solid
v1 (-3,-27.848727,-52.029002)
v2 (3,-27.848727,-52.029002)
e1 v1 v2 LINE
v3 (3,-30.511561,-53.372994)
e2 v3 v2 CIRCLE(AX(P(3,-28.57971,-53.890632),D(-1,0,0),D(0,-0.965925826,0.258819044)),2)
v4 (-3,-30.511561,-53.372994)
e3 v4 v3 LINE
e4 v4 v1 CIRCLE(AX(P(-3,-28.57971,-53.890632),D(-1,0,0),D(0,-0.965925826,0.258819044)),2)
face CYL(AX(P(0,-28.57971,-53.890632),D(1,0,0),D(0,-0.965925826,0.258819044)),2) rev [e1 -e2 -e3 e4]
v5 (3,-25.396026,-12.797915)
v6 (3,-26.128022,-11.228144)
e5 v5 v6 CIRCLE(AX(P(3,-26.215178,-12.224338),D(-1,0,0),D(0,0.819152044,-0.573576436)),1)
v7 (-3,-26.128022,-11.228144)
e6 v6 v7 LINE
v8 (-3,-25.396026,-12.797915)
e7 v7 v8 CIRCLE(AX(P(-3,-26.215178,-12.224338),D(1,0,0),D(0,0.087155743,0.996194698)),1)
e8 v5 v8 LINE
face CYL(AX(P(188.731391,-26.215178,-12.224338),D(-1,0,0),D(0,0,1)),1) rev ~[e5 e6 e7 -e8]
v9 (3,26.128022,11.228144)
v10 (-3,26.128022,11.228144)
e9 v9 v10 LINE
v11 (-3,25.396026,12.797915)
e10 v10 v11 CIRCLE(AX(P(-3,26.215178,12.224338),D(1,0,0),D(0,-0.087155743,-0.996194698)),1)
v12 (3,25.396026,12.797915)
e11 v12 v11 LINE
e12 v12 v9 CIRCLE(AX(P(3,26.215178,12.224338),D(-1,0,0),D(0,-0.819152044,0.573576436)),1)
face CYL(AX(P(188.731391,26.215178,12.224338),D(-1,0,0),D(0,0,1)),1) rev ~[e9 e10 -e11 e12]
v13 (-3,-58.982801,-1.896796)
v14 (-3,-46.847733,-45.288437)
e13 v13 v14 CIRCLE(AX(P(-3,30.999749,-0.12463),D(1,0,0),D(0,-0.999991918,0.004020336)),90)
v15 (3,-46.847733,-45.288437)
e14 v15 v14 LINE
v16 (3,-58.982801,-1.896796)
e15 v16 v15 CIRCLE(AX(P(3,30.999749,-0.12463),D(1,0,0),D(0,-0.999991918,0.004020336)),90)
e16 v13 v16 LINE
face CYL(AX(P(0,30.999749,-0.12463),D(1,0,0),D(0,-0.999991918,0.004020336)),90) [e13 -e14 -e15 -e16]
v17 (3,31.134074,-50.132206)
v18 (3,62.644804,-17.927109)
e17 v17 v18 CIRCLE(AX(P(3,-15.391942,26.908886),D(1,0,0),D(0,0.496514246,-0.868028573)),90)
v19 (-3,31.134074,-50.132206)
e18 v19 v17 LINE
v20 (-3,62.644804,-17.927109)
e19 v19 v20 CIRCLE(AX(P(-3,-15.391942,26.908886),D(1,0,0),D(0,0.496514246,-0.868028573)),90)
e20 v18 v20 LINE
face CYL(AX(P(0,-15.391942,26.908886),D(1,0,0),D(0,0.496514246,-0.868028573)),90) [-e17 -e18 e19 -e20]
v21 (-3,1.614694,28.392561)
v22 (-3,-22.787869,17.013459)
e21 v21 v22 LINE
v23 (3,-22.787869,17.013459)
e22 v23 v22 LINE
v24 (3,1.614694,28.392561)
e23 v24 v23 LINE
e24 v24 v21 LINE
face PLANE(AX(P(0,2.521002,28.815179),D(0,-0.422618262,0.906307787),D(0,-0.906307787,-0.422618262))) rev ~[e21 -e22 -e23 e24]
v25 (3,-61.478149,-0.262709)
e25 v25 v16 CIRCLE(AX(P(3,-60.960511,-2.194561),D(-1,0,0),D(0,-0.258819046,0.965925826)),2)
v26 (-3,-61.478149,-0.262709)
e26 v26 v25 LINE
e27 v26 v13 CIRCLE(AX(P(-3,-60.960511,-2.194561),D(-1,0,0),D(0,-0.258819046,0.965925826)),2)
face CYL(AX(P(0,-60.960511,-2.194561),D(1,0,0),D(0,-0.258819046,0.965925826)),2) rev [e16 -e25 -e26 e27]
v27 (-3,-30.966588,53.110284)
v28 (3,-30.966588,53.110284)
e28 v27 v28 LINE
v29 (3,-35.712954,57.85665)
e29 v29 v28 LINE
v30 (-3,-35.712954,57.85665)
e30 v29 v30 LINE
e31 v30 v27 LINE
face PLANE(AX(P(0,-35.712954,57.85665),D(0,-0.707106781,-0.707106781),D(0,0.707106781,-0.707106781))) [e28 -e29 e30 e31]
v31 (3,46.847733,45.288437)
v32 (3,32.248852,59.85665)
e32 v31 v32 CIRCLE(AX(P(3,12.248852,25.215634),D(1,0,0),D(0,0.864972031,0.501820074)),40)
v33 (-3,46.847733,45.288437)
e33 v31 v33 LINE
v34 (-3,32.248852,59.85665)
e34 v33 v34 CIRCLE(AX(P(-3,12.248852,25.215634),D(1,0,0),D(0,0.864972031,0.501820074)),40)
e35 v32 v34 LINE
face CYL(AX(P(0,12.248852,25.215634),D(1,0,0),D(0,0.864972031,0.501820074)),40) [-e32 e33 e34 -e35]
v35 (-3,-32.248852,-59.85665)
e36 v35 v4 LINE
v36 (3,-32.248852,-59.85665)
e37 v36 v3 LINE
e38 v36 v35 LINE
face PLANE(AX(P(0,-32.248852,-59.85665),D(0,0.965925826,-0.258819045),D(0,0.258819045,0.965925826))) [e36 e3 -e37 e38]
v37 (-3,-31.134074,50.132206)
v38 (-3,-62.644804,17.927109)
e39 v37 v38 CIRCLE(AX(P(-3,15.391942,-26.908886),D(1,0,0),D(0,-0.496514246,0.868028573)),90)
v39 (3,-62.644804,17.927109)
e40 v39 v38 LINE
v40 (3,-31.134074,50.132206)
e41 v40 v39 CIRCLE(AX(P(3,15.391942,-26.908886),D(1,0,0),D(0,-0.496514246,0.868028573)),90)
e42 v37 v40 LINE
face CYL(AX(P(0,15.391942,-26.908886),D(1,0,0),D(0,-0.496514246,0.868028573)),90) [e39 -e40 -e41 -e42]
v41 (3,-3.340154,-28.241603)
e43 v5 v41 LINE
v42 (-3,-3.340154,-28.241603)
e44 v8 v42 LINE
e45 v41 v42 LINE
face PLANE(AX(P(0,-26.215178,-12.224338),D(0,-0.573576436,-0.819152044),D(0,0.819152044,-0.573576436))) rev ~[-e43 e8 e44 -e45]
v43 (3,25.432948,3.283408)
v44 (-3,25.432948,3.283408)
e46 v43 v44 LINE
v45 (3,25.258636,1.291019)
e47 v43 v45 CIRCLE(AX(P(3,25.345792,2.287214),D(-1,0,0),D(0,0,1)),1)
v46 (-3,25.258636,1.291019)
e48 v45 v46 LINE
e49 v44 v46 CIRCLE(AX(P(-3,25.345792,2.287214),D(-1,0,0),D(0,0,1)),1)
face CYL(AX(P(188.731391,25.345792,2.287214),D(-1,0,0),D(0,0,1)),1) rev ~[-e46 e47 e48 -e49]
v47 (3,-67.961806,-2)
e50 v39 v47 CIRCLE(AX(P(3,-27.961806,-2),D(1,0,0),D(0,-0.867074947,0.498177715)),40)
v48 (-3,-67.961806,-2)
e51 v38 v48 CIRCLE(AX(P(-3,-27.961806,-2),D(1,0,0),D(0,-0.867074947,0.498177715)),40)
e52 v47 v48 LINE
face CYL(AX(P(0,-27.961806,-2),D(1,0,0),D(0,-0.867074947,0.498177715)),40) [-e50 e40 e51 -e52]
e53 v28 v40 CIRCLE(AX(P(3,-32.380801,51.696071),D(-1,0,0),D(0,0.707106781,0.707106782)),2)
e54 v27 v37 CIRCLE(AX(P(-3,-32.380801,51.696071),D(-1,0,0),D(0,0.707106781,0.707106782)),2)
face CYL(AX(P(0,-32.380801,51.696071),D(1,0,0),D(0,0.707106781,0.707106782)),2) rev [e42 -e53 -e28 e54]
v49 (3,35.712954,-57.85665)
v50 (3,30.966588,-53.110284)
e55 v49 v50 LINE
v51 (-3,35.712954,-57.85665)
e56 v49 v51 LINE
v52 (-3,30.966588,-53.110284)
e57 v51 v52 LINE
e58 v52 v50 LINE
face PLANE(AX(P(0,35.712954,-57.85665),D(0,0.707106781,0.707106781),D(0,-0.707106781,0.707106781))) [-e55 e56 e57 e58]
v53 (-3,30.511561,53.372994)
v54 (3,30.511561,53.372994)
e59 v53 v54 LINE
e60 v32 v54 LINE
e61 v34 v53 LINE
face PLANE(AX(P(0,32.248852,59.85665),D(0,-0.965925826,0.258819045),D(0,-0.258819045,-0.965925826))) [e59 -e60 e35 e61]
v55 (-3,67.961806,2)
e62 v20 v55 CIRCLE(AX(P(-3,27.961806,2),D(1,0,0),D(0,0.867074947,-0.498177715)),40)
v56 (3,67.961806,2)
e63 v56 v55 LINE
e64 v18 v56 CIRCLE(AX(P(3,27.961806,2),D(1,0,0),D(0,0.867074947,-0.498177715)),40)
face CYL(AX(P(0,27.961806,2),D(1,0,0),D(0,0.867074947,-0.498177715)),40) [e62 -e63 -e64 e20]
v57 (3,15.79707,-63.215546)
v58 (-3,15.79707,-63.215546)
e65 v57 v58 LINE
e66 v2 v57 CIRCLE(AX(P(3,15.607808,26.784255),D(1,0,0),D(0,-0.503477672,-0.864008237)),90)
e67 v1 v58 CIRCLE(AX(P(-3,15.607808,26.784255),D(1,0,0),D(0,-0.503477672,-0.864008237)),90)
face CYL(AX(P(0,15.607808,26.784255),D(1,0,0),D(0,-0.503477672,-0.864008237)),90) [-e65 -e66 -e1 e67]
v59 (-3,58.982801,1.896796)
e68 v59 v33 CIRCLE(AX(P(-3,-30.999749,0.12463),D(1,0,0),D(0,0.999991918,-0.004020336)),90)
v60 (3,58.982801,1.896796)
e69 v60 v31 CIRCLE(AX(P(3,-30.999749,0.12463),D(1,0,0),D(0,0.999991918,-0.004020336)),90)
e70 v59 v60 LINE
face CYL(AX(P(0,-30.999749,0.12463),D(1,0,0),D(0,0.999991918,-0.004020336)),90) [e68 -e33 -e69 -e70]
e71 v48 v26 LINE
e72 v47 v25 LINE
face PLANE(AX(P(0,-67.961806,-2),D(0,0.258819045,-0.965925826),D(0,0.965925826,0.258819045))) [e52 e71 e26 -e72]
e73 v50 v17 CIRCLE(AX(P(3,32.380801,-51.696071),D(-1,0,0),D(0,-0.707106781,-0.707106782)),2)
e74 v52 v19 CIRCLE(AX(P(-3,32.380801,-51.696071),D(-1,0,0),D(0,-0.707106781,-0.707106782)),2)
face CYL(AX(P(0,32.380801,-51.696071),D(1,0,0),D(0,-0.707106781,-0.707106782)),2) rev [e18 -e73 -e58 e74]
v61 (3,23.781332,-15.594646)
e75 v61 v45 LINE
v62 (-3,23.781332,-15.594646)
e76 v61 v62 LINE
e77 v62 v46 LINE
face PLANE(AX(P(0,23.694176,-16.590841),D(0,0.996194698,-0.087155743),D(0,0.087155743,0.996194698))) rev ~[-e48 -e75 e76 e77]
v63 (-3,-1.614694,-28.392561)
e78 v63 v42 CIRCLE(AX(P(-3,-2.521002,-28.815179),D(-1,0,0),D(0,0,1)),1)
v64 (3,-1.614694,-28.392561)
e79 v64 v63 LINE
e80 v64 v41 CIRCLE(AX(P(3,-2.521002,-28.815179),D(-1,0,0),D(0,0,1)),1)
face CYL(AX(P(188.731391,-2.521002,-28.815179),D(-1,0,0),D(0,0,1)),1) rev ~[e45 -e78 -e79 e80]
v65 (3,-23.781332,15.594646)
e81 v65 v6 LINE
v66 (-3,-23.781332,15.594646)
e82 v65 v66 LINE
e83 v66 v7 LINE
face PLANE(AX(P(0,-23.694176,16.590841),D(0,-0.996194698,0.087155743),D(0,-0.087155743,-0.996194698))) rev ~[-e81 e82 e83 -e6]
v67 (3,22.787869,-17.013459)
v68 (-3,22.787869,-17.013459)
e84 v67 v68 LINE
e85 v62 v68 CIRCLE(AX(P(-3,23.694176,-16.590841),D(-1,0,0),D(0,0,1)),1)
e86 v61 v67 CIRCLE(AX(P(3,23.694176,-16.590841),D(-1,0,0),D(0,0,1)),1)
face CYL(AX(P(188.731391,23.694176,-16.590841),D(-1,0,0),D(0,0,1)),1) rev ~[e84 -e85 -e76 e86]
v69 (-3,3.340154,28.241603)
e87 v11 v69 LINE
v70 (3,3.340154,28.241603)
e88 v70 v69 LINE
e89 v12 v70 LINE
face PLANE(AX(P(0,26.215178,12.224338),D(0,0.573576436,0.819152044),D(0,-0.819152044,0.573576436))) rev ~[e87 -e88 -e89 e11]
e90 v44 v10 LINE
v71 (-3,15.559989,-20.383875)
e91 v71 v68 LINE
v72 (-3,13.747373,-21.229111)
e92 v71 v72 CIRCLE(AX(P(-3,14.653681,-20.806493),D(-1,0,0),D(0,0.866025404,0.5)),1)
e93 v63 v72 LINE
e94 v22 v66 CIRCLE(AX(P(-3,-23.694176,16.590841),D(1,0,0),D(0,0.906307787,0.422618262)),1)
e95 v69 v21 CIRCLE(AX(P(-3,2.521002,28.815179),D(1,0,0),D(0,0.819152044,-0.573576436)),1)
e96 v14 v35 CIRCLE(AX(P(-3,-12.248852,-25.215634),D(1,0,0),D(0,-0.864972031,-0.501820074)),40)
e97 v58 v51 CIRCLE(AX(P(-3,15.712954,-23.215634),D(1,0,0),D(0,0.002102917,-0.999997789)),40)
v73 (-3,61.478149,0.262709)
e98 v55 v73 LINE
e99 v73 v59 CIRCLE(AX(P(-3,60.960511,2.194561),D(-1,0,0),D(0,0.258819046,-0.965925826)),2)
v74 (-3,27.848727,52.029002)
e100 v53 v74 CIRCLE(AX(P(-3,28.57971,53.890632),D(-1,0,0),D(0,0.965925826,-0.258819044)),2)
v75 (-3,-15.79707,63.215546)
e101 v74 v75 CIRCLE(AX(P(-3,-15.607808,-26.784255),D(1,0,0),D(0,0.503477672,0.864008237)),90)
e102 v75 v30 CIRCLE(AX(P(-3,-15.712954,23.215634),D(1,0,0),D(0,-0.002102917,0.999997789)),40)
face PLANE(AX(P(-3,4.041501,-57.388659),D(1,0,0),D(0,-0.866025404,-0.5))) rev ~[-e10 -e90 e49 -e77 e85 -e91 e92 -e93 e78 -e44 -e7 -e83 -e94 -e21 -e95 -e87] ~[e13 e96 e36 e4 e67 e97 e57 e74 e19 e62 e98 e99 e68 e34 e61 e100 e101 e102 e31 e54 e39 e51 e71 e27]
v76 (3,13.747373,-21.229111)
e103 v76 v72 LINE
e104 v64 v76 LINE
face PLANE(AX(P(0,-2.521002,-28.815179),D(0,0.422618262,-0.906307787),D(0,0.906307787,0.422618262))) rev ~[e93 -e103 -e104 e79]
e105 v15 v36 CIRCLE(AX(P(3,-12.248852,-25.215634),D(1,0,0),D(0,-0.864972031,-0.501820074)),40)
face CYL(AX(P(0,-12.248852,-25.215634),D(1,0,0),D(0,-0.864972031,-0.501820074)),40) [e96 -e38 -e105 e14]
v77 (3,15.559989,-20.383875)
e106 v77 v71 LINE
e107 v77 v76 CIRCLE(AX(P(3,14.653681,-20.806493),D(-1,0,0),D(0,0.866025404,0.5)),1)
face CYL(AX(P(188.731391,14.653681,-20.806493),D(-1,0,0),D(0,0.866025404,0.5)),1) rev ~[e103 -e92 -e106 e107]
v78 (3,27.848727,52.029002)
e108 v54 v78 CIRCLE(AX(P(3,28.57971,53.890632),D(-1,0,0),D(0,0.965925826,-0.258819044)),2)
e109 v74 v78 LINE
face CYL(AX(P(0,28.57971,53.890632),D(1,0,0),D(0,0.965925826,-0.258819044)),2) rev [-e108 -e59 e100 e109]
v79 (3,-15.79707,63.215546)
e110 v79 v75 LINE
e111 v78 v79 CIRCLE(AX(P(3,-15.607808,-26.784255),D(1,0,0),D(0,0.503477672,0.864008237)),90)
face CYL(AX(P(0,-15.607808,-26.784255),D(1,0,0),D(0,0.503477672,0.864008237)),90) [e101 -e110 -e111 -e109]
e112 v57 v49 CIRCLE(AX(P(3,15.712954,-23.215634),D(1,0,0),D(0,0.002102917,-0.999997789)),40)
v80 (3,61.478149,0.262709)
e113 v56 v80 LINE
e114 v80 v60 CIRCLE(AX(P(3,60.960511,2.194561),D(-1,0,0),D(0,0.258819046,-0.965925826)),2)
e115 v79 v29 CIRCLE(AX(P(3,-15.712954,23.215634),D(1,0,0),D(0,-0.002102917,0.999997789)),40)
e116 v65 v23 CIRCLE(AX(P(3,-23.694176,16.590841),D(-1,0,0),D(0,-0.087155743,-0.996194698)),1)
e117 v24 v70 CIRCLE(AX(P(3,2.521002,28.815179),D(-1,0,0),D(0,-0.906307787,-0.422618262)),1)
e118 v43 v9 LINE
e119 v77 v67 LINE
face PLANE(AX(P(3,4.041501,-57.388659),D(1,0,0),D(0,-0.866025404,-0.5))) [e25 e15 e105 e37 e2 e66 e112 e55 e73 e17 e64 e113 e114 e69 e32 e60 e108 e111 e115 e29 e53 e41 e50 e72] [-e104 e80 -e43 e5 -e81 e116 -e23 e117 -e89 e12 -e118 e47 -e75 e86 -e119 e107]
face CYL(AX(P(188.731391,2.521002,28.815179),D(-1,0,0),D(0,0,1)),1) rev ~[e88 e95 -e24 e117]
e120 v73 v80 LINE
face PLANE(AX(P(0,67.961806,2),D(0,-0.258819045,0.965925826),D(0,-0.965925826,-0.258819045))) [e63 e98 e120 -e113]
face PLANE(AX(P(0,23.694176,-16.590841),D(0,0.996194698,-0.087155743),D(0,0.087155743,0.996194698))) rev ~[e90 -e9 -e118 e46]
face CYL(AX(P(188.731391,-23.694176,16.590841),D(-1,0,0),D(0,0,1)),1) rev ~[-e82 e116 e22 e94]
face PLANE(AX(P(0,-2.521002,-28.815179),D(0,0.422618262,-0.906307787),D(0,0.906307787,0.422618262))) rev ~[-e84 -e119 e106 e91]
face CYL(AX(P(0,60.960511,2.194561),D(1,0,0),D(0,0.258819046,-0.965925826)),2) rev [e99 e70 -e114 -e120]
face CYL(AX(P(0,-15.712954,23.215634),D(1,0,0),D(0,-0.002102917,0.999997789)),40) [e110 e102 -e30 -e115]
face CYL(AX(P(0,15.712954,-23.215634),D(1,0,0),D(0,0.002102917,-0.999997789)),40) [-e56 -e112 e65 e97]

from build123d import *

# Parameters (mm, degrees)
SKETCH1_R                = 59
EXTRUDE1_DEPTH           = 3
EXTRUDE2_DEPTH           = 3
CIRPATTERN1_COUNT        = 6
F_2_0_2_DIAMETER_HOLE1_D = 2
F_2_0_2_DIAMETER_HOLE3_D = 2
CIRPATTERN2_COUNT        = 2
CIRPATTERN2_ANGLE        = 60


with BuildPart() as part:
    # Sketch1 → Extrude1 (new, symmetric)
    with BuildSketch(Plane(origin=(0, 0, 0), x_dir=(0, 0, -1), z_dir=(1, 0, 0))):
        Circle(SKETCH1_R)
        Polygon((16.590840947, 23.694176429), (-12.224338236, 26.215177945), (-28.815179183, 2.521001516), (-16.590840947, -23.694176429), (12.224338236, -26.215177945), (28.815179183, -2.521001516), align=None, mode=Mode.SUBTRACT)
    extrude(amount=EXTRUDE1_DEPTH, both=True)

    # Sketch2 → Extrude2 (add, symmetric)
    with BuildSketch(Plane(origin=(0, 0, 0), x_dir=(0, 0, -1), z_dir=(1, 0, 0))):
        with BuildLine():
            Line((-2, 67.961805723), (-0.262709442, 61.478149092))
            ThreePointArc((-0.262709442, 61.478149092), (-0.58620663, 59.77173183), (-2.122608272, 58.961805723))
            ThreePointArc((-2.122608272, 58.961805723), (28.679663449, 51.560419941), (51.21368579, 29.294340542))
            ThreePointArc((51.21368579, 29.294340542), (36.791707484, 48.186627241), (17.927108603, 62.644803614))
            ThreePointArc((17.927108603, 62.644803614), (8.312130826, 66.609702921), (-2, 67.961805723))
        make_face()
    extrude2 = extrude(amount=EXTRUDE2_DEPTH, both=True)

    # CirPattern1: Extrude2 ×6 about axis
    cirpattern1_axis = Axis((0, 0, 0), (1, 0, 0))
    for i in range(1, CIRPATTERN1_COUNT):
        add(extrude2.rotate(cirpattern1_axis, i * 360 / CIRPATTERN1_COUNT))

    # Ø2.0 (2) Diameter Hole1 (through all)
    with Locations(Plane(origin=(3, 0, 0), x_dir=(0, 0, -1), z_dir=(1, 0, 0))):
        with Locations((-12.224338236, 26.215177945), (16.590840947, 23.694176429), (28.815179183, -2.521001516), (12.224338236, -26.215177945), (-16.590840947, -23.694176429), (-28.815179183, 2.521001516)):
            Hole(F_2_0_2_DIAMETER_HOLE1_D / 2)

    # Ø2.0 (2) Diameter Hole3 (through all)
    with Locations(Plane(origin=(3, 0, 0), x_dir=(0, 0, -1), z_dir=(1, 0, 0))):
        with Locations((-2.287213609, 25.345792192)):
            f_2_0_2_diameter_hole3 = Hole(F_2_0_2_DIAMETER_HOLE3_D / 2)

    # CirPattern2: Ø2.0 (2) Diameter Hole3 ×2 about axis
    cirpattern2_axis = Axis((-5.5, 0, 0), (-1, 0, 0))
    for i in range(1, CIRPATTERN2_COUNT):
        add(f_2_0_2_diameter_hole3.rotate(cirpattern2_axis, i * CIRPATTERN2_ANGLE / (CIRPATTERN2_COUNT - 1)), mode=Mode.SUBTRACT)


solid = part.part
